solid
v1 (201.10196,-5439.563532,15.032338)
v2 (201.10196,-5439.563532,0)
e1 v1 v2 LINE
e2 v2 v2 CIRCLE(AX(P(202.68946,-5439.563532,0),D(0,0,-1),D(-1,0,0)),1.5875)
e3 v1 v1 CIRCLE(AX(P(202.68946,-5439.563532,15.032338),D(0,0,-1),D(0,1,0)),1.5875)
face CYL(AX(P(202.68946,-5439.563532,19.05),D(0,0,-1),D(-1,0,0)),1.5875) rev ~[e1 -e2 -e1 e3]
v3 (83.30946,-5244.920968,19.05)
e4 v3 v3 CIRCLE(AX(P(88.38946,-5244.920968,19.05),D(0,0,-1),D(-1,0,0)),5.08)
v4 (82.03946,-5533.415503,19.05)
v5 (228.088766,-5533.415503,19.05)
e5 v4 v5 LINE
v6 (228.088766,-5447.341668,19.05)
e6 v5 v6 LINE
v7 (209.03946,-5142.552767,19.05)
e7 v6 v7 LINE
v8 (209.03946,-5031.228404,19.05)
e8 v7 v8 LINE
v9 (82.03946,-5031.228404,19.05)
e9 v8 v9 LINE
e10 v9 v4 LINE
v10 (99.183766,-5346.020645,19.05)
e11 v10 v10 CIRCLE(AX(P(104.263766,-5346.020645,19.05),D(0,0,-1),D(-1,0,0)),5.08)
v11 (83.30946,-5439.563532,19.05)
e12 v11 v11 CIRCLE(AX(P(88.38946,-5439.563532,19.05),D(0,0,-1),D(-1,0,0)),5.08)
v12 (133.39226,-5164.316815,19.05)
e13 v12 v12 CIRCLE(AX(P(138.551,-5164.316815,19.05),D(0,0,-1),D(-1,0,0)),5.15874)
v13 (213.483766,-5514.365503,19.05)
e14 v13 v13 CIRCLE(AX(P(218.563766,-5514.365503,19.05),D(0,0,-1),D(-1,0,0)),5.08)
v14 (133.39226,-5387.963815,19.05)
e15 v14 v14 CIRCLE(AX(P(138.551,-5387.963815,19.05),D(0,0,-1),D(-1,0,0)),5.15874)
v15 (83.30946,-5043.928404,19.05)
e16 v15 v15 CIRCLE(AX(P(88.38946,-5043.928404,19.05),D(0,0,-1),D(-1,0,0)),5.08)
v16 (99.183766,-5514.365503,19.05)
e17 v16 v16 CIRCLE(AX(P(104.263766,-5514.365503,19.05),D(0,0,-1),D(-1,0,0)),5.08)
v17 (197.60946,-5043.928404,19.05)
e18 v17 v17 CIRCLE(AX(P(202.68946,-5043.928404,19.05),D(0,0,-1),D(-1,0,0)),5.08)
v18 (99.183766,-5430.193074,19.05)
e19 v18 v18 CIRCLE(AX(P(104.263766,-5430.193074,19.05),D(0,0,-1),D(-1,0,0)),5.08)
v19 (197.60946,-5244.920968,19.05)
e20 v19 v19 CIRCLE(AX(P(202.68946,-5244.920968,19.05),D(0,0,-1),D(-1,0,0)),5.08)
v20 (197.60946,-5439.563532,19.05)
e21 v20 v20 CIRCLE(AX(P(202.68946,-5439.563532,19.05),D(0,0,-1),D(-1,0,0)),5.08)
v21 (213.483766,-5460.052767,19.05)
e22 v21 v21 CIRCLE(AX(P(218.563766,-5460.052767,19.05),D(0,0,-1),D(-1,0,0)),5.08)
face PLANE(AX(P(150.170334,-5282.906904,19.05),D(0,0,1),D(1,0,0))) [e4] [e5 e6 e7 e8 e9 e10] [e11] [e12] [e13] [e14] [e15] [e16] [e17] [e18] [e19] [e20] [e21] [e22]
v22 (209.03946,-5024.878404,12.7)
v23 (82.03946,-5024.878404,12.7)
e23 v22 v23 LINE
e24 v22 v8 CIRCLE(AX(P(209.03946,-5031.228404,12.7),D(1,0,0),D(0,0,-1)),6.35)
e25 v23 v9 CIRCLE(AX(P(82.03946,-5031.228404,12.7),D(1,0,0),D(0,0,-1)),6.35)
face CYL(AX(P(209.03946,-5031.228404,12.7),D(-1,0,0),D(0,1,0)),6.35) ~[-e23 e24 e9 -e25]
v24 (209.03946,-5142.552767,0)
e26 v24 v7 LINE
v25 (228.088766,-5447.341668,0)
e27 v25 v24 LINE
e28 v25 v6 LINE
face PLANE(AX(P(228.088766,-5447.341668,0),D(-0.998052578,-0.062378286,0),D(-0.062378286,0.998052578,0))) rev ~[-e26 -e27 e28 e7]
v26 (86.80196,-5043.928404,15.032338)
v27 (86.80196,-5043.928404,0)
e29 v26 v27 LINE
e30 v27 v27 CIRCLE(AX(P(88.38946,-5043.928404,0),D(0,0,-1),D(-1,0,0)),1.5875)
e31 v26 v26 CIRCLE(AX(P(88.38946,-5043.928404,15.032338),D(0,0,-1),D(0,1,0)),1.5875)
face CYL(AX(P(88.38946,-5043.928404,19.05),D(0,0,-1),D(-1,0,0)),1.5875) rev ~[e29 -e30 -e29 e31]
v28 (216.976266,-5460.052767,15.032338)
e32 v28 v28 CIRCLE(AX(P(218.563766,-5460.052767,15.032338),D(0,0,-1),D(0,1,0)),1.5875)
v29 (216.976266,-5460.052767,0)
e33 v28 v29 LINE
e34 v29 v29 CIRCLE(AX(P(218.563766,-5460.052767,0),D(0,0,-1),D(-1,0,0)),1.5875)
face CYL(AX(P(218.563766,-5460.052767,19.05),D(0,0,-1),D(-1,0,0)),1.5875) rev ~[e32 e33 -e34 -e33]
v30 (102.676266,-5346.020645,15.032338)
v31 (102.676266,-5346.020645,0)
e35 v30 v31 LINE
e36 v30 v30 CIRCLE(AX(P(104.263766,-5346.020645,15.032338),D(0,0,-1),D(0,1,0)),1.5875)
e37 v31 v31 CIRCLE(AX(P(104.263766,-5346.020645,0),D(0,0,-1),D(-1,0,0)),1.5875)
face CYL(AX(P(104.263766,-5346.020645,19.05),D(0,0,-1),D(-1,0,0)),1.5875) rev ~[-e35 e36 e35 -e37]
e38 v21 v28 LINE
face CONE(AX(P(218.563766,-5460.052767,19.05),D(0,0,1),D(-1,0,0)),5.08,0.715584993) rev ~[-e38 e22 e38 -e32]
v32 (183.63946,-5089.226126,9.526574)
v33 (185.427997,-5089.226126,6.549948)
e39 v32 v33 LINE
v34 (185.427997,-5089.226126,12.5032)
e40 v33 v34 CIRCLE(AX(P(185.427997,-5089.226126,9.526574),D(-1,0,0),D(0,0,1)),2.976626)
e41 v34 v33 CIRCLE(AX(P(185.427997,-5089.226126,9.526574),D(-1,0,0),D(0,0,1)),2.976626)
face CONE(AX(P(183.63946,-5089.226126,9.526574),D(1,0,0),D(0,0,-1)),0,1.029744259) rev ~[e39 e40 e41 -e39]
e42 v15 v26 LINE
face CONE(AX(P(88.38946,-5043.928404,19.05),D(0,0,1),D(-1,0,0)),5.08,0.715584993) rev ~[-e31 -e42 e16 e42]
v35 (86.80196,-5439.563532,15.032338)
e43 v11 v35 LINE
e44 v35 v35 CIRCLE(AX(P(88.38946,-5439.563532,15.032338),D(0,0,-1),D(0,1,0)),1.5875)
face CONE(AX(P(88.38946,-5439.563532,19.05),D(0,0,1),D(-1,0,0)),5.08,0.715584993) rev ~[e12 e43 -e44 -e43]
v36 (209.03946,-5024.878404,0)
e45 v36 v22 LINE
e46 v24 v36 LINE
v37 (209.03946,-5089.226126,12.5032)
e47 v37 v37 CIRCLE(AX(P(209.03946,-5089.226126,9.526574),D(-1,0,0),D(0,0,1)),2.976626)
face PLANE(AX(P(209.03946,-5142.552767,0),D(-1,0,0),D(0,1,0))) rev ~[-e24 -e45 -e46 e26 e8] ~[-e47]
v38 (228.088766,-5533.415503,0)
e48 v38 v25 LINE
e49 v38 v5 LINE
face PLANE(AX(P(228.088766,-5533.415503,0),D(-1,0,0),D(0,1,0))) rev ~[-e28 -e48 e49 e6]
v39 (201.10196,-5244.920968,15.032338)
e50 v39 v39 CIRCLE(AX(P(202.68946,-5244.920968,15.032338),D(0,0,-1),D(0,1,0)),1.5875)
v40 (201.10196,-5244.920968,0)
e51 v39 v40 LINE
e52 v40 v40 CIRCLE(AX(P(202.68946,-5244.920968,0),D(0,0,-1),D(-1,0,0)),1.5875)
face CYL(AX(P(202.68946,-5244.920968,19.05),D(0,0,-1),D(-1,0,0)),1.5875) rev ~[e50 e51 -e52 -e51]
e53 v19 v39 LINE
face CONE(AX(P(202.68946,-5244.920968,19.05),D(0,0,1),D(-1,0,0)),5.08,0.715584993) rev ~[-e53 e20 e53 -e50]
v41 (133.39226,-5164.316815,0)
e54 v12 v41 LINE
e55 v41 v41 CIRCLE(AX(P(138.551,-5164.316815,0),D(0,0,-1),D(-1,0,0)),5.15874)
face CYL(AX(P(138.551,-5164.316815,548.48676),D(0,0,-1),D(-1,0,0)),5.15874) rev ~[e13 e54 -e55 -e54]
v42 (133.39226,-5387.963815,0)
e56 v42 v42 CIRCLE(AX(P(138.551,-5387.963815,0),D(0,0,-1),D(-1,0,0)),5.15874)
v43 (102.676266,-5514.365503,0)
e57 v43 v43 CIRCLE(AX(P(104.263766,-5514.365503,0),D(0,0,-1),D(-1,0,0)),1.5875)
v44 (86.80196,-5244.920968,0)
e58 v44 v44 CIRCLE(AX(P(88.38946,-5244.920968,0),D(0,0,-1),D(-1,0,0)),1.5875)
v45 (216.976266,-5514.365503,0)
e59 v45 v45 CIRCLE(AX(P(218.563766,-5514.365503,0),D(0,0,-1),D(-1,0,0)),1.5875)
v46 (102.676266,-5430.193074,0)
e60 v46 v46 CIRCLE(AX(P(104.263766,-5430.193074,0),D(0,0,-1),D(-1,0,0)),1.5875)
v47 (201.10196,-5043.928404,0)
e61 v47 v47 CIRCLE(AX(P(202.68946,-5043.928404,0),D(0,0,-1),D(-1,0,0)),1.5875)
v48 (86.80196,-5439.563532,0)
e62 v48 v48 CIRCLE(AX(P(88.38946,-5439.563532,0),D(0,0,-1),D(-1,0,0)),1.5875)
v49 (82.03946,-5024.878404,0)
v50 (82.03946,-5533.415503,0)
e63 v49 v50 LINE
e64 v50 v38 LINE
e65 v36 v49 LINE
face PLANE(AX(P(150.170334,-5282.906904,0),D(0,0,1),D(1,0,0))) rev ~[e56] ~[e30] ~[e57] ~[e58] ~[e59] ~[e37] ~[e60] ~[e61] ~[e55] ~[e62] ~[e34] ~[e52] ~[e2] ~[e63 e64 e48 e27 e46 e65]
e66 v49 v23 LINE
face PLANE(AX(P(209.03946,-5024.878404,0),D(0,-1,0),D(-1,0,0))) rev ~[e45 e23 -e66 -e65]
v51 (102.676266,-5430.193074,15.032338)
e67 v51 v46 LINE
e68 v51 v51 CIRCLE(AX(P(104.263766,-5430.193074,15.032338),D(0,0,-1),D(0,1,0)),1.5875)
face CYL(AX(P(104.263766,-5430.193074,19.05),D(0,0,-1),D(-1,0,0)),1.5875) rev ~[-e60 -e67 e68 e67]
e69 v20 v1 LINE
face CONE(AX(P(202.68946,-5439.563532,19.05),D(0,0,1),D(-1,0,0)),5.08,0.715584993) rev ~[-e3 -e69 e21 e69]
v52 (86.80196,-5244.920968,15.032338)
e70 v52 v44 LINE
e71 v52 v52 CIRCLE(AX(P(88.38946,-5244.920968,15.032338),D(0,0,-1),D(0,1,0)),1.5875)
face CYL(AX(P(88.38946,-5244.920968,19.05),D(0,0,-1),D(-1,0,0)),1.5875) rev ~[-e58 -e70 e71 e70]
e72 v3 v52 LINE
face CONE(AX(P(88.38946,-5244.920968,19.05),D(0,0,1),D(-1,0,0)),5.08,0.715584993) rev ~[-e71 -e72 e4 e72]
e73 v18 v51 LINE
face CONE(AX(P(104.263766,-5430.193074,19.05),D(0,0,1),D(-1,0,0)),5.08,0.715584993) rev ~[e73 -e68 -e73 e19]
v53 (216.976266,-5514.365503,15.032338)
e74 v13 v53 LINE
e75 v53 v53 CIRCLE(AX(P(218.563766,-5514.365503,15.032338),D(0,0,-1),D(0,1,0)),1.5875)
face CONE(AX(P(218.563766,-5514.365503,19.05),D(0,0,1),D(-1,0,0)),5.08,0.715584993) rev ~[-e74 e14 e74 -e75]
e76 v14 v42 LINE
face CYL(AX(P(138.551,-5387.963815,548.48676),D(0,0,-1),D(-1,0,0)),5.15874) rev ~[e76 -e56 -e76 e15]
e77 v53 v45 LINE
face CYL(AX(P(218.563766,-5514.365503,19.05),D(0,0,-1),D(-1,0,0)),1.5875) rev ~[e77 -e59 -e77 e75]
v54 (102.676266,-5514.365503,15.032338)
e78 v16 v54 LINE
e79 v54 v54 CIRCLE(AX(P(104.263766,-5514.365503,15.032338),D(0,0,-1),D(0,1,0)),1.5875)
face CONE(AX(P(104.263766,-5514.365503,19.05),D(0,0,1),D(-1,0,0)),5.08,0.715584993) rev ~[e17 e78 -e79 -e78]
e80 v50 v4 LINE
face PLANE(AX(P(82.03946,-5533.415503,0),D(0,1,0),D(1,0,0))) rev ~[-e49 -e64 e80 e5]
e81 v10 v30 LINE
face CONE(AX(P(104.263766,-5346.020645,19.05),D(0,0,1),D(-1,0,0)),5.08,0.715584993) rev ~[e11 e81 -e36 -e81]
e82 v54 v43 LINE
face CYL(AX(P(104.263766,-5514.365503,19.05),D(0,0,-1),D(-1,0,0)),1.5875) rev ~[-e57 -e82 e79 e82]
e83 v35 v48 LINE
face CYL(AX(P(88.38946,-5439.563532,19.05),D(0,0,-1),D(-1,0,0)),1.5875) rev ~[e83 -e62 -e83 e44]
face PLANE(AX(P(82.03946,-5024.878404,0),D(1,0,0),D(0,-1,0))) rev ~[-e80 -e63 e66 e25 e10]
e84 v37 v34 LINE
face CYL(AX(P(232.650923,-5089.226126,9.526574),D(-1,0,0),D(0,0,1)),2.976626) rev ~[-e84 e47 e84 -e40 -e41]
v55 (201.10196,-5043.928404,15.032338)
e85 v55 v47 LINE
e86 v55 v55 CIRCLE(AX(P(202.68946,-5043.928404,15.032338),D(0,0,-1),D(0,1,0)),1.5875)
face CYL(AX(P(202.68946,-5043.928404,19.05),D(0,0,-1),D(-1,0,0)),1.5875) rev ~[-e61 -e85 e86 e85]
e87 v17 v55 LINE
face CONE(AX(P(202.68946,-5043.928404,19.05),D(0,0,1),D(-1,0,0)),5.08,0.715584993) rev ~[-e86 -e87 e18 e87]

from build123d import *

# Parameters (mm, degrees)
BOSS_EXTRUDE1_DEPTH                  = 19.05
F_3_8_CLEARANCE_HOLE1_D              = 10.31748
HOLE1_D                              = 3.175
HOLE1_DEPTH                          = 50.8
HOLE1_CSINK_D                        = 10.16
HOLE1_CSINK_ANGLE                    = 82
HOLE1_TIP                            = 0.953866233
F_15_64_0_23438_DIAMETER_HOLE1_D     = 5.953252
F_15_64_0_23438_DIAMETER_HOLE1_DEPTH = 23.611462659
F_15_64_0_23438_DIAMETER_HOLE1_TIP   = 1.788537341
FILLET1_R                            = 6.35


with BuildPart() as part:
    # Sketch1 → Boss-Extrude1 (new body)
    with BuildSketch(Plane.XY):
        Polygon((82.03946, -5024.878404071), (82.03946, -5533.415502988), (228.088766336, -5533.415502988), (228.088766336, -5447.34166837), (209.03946, -5142.552766987), (209.03946, -5024.878404071), align=None)
    extrude(amount=BOSS_EXTRUDE1_DEPTH)

    # 3/8 Clearance Hole1 (through all)
    with Locations(Plane.XY.offset(19.05)):
        with Locations((138.550999994, -5387.96381451), (138.550999994, -5164.31681451)):
            Hole(F_3_8_CLEARANCE_HOLE1_D / 2)

    # Hole1
    with Locations(Plane(origin=(0, -5562.870276207, 19.05), x_dir=(1, 0, 0), z_dir=(0, 0, 1))):
        with Locations((218.563766336, 102.817509219), (218.563766336, 48.504773219), (202.68946, 123.306744588), (202.68946, 317.949308361), (202.68946, 518.941872135), (88.38946, 518.941872135), (88.38946, 317.949308361), (88.38946, 123.306744588), (104.263766336, 216.849631358), (104.263766336, 132.677202288), (104.263766336, 48.504773219), (-104.263766336, 48.504773219), (-104.263766336, 132.677202288), (-104.263766336, 216.849631358), (-88.38946, 123.306744588), (-88.38946, 317.949308361), (-88.38946, 518.941872135), (-202.68946, 518.941872135), (-202.68946, 317.949308361), (-202.68946, 123.306744588), (-218.563766336, 48.504773219), (-218.563766336, 102.817509219)):
            CounterSinkHole(HOLE1_D / 2, HOLE1_CSINK_D / 2, depth=HOLE1_DEPTH, counter_sink_angle=HOLE1_CSINK_ANGLE)
            with Locations((0, 0, -(HOLE1_DEPTH + HOLE1_TIP / 2))):  # 118° drill point
                Cone(0, HOLE1_D / 2, HOLE1_TIP, mode=Mode.SUBTRACT)

    # 15/64 (0.23438) Diameter Hole1
    with Locations(Plane(origin=(209.03946, 0, 0), x_dir=(0, 0, -1), z_dir=(1, 0, 0))):
        with Locations((-9.526574029, -5089.226125561)):
            Hole(F_15_64_0_23438_DIAMETER_HOLE1_D / 2, depth=F_15_64_0_23438_DIAMETER_HOLE1_DEPTH)
            with Locations((0, 0, -(F_15_64_0_23438_DIAMETER_HOLE1_DEPTH + F_15_64_0_23438_DIAMETER_HOLE1_TIP / 2))):  # 118° drill point
                Cone(0, F_15_64_0_23438_DIAMETER_HOLE1_D / 2, F_15_64_0_23438_DIAMETER_HOLE1_TIP, mode=Mode.SUBTRACT)

    # Fillet1
    fillet1_edges = [part.edges().sort_by_distance(p)[0] for p in [
        (145.53946, -5024.878404071, 19.05),
    ]]
    fillet(fillet1_edges, radius=FILLET1_R)


solid = part.part
